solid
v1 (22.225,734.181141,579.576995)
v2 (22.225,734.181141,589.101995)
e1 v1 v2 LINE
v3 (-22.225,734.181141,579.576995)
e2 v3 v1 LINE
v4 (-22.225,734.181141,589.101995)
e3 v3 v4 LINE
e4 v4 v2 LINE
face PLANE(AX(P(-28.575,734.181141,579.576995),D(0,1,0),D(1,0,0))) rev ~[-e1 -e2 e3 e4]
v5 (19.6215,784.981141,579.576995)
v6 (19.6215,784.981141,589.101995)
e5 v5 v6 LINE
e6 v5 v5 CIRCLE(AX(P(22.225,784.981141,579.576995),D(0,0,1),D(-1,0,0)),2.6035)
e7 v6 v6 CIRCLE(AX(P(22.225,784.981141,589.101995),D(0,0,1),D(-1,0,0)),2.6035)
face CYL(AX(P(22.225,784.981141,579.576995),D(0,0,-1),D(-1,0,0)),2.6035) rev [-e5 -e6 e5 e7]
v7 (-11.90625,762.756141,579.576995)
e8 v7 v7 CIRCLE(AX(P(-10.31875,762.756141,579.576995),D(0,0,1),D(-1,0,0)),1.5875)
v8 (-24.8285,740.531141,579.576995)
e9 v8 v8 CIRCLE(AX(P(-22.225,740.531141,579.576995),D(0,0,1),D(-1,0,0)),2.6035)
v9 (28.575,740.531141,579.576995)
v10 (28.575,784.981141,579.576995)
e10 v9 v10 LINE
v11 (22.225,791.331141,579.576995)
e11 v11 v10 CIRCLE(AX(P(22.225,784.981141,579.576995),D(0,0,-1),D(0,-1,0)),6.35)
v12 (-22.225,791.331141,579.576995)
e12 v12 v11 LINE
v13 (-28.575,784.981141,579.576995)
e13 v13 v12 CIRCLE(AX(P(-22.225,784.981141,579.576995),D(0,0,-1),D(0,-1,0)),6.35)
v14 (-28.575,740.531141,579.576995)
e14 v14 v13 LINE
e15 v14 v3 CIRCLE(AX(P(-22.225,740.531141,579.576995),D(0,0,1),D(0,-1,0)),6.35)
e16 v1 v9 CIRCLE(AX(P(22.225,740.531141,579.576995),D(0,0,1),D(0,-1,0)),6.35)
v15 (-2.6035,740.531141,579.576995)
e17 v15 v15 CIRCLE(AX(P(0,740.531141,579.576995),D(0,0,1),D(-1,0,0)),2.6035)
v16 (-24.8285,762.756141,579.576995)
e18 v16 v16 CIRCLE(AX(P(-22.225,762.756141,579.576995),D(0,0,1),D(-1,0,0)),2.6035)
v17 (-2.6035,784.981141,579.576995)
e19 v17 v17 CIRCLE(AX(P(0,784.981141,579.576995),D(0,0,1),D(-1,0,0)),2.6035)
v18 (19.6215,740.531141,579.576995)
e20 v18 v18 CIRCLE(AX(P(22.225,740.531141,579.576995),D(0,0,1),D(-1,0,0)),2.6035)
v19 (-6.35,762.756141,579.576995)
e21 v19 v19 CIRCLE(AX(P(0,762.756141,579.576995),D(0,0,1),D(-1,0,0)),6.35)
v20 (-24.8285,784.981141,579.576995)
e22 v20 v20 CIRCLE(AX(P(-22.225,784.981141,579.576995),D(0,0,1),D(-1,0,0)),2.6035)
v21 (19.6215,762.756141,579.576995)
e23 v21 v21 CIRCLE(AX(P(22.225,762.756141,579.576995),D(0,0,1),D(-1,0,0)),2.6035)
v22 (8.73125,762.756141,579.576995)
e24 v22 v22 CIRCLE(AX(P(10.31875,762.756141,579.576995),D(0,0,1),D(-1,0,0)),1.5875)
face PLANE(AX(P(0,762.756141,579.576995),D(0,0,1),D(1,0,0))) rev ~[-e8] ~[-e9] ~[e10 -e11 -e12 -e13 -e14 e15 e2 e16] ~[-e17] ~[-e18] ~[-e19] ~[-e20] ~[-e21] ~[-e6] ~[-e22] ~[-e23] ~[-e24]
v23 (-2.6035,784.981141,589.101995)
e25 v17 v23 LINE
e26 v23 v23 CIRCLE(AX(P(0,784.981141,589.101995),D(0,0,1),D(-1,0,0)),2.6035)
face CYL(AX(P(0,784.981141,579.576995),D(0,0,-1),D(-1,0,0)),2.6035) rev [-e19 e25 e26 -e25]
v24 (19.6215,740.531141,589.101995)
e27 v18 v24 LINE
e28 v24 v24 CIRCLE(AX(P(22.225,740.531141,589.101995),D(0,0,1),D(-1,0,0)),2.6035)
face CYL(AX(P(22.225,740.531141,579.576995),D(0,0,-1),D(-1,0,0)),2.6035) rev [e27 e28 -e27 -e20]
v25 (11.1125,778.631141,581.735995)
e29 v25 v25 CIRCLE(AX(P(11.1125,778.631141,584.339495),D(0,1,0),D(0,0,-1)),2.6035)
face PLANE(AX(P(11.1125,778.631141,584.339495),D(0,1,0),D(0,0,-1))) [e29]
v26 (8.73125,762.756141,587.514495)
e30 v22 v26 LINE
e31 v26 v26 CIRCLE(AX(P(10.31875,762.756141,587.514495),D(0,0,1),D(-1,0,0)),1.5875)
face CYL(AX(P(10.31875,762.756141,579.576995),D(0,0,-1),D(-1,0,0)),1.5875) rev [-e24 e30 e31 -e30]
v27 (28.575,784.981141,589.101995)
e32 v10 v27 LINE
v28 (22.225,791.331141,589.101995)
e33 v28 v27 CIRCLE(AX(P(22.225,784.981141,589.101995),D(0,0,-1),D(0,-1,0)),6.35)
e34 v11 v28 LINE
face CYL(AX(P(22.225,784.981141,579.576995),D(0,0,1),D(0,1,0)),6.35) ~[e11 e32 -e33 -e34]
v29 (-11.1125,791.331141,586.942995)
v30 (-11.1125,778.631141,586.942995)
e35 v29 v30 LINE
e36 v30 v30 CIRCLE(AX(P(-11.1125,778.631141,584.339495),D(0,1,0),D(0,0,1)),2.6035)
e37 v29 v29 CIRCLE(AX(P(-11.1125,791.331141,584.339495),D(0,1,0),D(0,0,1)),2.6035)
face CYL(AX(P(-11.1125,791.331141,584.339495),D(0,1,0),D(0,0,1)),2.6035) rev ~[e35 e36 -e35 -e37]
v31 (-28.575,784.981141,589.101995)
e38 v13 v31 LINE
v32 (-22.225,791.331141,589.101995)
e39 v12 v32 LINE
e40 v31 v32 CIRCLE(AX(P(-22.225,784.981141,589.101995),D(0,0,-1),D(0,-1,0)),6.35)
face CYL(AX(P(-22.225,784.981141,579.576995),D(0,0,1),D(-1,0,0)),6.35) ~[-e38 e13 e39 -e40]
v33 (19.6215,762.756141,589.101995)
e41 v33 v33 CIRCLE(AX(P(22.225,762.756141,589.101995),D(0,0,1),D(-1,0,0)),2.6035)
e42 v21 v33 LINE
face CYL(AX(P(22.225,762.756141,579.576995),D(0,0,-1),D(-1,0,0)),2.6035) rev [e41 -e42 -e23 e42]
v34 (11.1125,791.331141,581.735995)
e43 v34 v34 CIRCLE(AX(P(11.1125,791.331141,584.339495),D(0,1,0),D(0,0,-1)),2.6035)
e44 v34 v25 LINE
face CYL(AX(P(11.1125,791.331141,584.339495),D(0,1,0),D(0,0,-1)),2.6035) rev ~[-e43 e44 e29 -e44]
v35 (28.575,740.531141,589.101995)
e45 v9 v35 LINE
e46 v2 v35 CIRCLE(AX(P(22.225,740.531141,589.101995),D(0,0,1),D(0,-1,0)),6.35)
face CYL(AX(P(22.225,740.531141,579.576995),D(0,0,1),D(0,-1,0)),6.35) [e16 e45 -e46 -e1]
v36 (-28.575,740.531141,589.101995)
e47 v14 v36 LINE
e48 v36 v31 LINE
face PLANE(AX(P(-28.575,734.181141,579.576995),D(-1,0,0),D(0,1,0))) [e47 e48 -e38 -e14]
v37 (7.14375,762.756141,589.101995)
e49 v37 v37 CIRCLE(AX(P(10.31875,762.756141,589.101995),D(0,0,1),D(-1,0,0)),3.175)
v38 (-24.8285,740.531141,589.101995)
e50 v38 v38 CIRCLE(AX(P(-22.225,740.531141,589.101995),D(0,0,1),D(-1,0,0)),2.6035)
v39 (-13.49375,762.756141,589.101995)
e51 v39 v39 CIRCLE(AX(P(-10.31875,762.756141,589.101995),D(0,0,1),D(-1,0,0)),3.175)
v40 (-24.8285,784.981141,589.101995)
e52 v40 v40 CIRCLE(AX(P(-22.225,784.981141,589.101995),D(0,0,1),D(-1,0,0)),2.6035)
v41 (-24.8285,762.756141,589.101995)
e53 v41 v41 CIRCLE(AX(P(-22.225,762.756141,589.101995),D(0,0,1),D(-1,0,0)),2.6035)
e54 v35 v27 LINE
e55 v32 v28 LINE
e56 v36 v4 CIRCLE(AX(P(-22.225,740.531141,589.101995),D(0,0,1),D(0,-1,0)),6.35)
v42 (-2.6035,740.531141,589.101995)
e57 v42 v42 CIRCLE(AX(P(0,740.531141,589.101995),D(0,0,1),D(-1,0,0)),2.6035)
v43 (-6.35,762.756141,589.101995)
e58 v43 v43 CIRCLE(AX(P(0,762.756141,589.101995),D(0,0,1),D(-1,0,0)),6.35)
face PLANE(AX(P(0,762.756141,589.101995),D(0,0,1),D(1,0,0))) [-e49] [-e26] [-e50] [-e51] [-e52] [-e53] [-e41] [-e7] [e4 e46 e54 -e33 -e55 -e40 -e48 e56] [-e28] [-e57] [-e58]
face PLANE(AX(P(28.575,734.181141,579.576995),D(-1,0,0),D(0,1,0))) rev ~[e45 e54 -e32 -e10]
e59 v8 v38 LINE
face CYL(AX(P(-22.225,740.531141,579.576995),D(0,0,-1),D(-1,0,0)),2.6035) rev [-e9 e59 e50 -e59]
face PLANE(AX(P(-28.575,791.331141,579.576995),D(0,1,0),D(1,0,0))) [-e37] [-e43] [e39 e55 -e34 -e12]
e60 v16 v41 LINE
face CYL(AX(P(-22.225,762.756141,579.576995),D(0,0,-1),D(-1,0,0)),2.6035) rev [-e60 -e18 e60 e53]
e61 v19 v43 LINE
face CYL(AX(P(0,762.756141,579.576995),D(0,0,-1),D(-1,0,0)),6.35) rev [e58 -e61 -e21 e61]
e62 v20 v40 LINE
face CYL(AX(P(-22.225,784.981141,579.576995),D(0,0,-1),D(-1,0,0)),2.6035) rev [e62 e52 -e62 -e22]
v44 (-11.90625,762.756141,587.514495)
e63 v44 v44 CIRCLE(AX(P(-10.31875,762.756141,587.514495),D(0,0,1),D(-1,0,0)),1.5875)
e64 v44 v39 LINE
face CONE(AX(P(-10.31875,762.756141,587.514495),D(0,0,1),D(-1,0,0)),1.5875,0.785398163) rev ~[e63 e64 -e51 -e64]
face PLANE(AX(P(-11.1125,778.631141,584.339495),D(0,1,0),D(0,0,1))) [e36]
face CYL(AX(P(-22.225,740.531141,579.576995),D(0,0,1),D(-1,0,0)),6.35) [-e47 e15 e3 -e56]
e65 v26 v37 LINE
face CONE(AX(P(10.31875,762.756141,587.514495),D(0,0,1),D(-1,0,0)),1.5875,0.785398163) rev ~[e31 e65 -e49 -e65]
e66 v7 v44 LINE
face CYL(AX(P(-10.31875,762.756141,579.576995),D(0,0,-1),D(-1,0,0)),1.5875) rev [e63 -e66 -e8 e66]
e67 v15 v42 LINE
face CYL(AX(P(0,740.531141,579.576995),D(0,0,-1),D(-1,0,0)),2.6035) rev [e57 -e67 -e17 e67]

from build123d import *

# Parameters (mm, degrees)
SKETCH1_W           = 57.15
SKETCH1_H           = 57.15
SKETCH1_R           = 2.6035
SKETCH1_R_2         = 6.35
SKETCH1_R_3         = 1.5875
BOSS_EXTRUDE1_DEPTH = 9.525
CHAMFER1_SIZE       = 1.5875
FILLET1_R           = 6.35
SKETCH2_R           = 2.6035
CUT_EXTRUDE1_DEPTH  = 12.7


with BuildPart() as part:
    # Sketch1 → Boss-Extrude1 (new body)
    with BuildSketch(Plane.XY.offset(579.576994876)):
        with Locations((0, 762.756140976)):
            Rectangle(SKETCH1_W, SKETCH1_H)
        with Locations(Location((-22.225, 784.981140976, 0), (0, 0, 180))):
            Circle(SKETCH1_R, mode=Mode.SUBTRACT)
        with Locations(Location((0, 762.756140976, 0), (0, 0, 180))):
            Circle(SKETCH1_R_2, mode=Mode.SUBTRACT)
        with Locations(Location((-10.31875, 762.756140976, 0), (0, 0, 180))):
            Circle(SKETCH1_R_3, mode=Mode.SUBTRACT)
        with Locations(Location((10.31875, 762.756140976, 0), (0, 0, 180))):
            Circle(SKETCH1_R_3, mode=Mode.SUBTRACT)
        with Locations(Location((22.225, 784.981140976, 0), (0, 0, 180))):
            Circle(SKETCH1_R, mode=Mode.SUBTRACT)
        with Locations(Location((22.225, 762.756140976, 0), (0, 0, 180))):
            Circle(SKETCH1_R, mode=Mode.SUBTRACT)
        with Locations(Location((0, 784.981140976, 0), (0, 0, 180))):
            Circle(SKETCH1_R, mode=Mode.SUBTRACT)
        with Locations(Location((-22.225, 762.756140976, 0), (0, 0, 180))):
            Circle(SKETCH1_R, mode=Mode.SUBTRACT)
        with Locations(Location((22.225, 740.531140976, 0), (0, 0, 180))):
            Circle(SKETCH1_R, mode=Mode.SUBTRACT)
        with Locations(Location((0, 740.531140976, 0), (0, 0, 180))):
            Circle(SKETCH1_R, mode=Mode.SUBTRACT)
        with Locations(Location((-22.225, 740.531140976, 0), (0, 0, 180))):
            Circle(SKETCH1_R, mode=Mode.SUBTRACT)
    extrude(amount=BOSS_EXTRUDE1_DEPTH)

    # Chamfer1
    chamfer1_edges = [part.edges().sort_by_distance(p)[0] for p in [
        (-8.73125, 762.756140976, 589.101994876),
        (11.90625, 762.756140976, 589.101994876),
    ]]
    chamfer(chamfer1_edges, length=CHAMFER1_SIZE)

    # Fillet1
    fillet1_edges = [part.edges().sort_by_distance(p)[0] for p in [
        (28.575, 734.181140976, 584.339494876),
        (-28.575, 734.181140976, 584.339494876),
        (-28.575, 791.331140976, 584.339494876),
        (28.575, 791.331140976, 584.339494876),
    ]]
    fillet(fillet1_edges, radius=FILLET1_R)

    # Sketch2 → Cut-Extrude1 (cut)
    with BuildSketch(Plane(origin=(0, 791.331140976, 0), x_dir=(1, 0, 0), z_dir=(0, 1, 0))):
        with Locations(Location((-11.1125, -584.339494876, 0), (0, 0, 270))):
            Circle(SKETCH2_R)
        with Locations(Location((11.1125, -584.339494876, 0), (0, 0, 90))):
            Circle(SKETCH2_R)
    extrude(amount=-CUT_EXTRUDE1_DEPTH, mode=Mode.SUBTRACT)


solid = part.part
